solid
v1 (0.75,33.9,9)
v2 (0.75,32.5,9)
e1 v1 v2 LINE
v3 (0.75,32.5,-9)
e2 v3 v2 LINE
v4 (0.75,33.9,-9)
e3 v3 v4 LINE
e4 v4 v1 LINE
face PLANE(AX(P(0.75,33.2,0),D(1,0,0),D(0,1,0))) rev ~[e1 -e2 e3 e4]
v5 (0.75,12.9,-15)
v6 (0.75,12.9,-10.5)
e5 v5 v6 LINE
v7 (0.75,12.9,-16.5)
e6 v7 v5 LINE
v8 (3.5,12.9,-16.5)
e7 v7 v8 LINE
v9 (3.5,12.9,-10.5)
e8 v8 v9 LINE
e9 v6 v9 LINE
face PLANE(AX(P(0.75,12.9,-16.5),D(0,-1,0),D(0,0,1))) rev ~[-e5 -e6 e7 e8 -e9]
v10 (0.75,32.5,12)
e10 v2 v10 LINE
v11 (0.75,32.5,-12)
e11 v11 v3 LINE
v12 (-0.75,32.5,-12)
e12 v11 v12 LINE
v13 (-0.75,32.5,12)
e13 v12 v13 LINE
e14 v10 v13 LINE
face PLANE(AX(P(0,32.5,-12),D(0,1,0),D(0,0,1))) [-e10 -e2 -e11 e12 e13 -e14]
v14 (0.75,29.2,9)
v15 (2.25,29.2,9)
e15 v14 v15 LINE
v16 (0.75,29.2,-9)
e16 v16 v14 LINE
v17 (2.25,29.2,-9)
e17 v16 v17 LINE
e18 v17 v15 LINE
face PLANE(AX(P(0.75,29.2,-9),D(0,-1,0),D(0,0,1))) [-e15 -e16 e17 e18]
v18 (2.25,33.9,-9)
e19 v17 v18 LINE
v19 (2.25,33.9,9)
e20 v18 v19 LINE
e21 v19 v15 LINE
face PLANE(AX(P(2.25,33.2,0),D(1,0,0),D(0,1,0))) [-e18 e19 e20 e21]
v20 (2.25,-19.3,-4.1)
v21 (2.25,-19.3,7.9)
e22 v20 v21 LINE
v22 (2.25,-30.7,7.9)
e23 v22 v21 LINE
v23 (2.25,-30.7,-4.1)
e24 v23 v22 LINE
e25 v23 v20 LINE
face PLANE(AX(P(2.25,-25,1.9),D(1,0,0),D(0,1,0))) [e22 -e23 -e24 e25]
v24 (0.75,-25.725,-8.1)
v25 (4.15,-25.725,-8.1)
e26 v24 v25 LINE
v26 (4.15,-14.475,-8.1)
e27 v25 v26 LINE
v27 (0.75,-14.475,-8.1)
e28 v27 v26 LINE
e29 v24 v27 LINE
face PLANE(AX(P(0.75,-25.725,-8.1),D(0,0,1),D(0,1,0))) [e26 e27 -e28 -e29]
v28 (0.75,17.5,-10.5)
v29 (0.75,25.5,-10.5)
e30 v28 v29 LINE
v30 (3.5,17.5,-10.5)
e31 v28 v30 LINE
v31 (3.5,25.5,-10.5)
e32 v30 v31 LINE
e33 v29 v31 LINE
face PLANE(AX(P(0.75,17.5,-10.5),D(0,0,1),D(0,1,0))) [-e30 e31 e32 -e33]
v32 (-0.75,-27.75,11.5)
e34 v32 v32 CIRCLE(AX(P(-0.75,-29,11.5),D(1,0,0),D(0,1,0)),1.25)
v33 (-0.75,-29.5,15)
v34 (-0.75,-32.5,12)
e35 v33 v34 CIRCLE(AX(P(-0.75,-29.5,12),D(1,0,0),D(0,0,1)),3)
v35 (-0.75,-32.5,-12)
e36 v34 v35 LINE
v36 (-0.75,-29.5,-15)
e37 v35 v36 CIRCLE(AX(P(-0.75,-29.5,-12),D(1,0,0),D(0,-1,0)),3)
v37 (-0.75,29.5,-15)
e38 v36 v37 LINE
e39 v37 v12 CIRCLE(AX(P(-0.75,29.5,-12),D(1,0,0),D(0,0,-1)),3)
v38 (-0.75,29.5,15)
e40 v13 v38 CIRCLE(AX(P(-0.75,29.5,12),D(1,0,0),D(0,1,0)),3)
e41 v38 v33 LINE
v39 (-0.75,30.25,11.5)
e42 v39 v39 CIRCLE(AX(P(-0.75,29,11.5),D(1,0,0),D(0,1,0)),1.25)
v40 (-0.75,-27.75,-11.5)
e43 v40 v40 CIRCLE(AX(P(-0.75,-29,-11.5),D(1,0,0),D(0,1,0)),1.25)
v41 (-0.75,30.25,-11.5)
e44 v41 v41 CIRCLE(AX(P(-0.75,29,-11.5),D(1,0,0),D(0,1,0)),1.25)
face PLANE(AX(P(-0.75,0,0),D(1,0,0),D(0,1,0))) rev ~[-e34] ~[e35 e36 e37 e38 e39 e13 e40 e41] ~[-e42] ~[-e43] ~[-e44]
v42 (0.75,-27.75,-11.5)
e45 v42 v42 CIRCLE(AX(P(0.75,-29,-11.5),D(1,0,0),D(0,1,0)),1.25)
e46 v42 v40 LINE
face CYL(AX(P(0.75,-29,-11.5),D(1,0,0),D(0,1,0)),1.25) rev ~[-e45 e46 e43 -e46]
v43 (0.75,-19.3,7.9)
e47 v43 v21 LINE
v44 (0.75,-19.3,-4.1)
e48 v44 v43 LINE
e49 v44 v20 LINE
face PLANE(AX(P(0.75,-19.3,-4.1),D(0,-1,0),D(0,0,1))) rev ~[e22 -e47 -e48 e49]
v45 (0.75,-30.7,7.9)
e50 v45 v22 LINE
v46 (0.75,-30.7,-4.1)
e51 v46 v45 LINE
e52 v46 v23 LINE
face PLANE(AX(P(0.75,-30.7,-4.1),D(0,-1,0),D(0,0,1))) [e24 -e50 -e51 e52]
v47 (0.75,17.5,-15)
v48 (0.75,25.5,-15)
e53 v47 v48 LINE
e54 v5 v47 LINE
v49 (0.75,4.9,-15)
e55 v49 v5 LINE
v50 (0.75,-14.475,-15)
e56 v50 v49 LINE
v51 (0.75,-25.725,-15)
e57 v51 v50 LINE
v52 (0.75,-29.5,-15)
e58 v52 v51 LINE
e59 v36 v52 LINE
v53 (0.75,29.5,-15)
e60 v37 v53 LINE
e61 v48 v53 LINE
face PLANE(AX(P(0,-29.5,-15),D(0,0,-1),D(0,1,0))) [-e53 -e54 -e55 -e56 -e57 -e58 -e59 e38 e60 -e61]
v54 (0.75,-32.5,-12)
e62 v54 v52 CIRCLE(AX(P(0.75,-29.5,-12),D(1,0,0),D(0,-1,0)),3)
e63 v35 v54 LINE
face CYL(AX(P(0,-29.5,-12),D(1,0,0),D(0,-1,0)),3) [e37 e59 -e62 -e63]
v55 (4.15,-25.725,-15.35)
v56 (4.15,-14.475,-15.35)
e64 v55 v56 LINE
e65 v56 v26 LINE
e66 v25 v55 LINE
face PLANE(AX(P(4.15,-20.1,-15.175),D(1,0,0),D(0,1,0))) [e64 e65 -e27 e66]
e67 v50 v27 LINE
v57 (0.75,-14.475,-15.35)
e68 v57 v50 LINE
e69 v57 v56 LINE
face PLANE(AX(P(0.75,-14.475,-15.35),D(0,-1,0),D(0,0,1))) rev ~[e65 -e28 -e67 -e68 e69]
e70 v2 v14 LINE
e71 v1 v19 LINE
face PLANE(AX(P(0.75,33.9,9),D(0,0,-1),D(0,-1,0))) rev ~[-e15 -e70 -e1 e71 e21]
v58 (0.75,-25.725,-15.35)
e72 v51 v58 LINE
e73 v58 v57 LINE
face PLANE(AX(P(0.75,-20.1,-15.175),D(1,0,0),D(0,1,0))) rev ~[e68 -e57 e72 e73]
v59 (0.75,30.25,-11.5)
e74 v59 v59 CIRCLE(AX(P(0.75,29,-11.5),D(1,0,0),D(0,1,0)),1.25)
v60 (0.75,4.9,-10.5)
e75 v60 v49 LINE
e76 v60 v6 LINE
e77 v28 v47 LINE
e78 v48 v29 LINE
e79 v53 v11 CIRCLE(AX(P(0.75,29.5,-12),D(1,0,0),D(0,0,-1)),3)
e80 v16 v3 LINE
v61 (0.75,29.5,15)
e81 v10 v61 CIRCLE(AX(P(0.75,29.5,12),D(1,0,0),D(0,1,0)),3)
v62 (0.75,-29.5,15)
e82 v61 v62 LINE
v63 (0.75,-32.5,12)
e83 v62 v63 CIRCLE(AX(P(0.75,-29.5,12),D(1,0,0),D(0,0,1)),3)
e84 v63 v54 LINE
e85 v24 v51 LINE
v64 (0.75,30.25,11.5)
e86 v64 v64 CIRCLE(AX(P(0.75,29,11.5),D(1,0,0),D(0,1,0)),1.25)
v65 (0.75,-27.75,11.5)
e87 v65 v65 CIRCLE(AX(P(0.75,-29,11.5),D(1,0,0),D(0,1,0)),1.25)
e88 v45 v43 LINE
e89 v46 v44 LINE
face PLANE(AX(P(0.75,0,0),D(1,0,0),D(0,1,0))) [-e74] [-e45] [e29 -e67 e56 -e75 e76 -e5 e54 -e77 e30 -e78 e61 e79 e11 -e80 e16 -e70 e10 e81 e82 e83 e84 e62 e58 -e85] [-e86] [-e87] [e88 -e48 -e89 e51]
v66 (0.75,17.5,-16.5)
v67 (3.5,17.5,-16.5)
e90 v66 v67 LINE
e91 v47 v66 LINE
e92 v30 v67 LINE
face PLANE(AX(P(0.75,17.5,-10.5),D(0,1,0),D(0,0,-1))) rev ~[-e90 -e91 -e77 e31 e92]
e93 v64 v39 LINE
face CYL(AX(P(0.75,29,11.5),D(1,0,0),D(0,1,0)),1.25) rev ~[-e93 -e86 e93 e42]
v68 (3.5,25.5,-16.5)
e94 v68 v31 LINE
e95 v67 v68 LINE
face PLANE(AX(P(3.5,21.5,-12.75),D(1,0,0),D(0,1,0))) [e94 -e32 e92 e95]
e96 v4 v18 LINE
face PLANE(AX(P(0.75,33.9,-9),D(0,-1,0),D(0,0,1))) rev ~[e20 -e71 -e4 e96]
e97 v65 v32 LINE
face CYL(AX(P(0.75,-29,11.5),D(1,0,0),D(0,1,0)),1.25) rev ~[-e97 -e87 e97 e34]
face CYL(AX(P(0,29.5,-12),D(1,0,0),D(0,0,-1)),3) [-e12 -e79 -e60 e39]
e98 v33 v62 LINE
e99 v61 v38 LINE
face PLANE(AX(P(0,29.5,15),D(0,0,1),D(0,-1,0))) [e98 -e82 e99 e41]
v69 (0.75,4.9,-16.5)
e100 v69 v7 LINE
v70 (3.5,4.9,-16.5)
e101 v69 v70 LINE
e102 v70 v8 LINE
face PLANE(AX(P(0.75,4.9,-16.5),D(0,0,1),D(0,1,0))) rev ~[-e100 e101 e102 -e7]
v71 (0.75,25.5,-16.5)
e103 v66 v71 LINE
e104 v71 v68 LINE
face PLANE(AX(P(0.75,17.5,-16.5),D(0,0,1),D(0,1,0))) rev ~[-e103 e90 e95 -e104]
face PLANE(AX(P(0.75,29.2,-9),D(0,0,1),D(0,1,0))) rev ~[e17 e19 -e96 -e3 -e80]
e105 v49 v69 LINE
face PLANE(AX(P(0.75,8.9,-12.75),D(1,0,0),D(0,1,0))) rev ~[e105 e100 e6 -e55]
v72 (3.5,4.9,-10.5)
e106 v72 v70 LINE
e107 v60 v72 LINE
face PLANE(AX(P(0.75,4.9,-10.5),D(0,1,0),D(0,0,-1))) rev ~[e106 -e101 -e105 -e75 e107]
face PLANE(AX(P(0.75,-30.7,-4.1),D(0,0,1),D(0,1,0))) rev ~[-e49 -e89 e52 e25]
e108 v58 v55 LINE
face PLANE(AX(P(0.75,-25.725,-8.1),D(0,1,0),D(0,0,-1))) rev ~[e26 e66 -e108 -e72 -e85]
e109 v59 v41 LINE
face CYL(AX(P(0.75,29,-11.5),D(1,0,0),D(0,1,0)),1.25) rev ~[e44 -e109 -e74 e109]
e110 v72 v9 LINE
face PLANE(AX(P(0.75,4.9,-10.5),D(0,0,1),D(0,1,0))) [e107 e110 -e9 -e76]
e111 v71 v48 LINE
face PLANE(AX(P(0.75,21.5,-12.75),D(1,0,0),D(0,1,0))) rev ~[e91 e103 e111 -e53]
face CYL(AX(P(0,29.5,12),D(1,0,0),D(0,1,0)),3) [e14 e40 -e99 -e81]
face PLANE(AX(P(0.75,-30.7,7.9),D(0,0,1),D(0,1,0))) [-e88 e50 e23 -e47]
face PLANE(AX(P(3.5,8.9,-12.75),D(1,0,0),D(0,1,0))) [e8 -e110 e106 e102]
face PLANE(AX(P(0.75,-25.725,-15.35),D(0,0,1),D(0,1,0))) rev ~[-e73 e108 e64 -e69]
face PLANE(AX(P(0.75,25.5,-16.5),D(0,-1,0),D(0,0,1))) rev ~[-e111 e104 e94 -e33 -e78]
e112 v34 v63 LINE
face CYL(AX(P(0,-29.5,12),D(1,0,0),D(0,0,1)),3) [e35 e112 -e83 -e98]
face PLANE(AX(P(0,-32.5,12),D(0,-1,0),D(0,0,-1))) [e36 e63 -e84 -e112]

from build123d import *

# Parameters (mm, degrees)
F1_DEPTH = 0.75
F2_R     = 1.25
F3_DEPTH = 1.5
F4_W     = 11.25
F4_H     = 0.35
F4_H_2   = 6.9
F5_DEPTH = 3.4
F4_W_2   = 8
F4_H_3   = 4.5
F4_H_4   = 1.5
F6_DEPTH = 2.75
F4_W_3   = 1.4
F4_H_5   = 18
F4_W_4   = 3.3
F7_DEPTH = 1.5
F4_W_5   = 11.4
F4_H_6   = 12
F8_DEPTH = 1.5


with BuildPart() as f1:
    # F0 (on Right) → F1 (new body, symmetric)
    with BuildSketch(Plane.YZ):
        with BuildLine():
            Line((29.5, 15), (-29.5, 15))
            ThreePointArc((-29.5, 15), (-31.6213203436, 14.1213203436), (-32.5, 12))
            Line((-32.5, 12), (-32.5, -12))
            ThreePointArc((-32.5, -12), (-31.6213203436, -14.1213203436), (-29.5, -15))
            Line((-29.5, -15), (29.5, -15))
            ThreePointArc((29.5, -15), (31.6213203436, -14.1213203436), (32.5, -12))
            Line((32.5, -12), (32.5, 12))
            ThreePointArc((32.5, 12), (31.6213203436, 14.1213203436), (29.5, 15))
        make_face()
    extrude(amount=F1_DEPTH, both=True)

    # F2 (on face) → F3 (cut, through all)
    with BuildSketch(Plane.YZ.offset(0.75)):
        with Locations((-29, 11.5)):
            Circle(F2_R)
        with Locations((29, 11.5)):
            Circle(F2_R)
        with Locations((29, -11.5)):
            Circle(F2_R)
        with Locations((-29, -11.5)):
            Circle(F2_R)
    extrude(amount=-F3_DEPTH, mode=Mode.SUBTRACT)

    # F4 (on face) → F5 (join)
    with BuildSketch(Plane.YZ.offset(0.75)):
        with Locations((-20.1, -15.175)):
            Rectangle(F4_W, F4_H)
        with Locations((-20.1, -11.55)):
            Rectangle(F4_W, F4_H_2)
    extrude(amount=F5_DEPTH)

    # F4 (on face) → F6 (join)
    with BuildSketch(Plane.YZ.offset(0.75)):
        with Locations((8.9, -12.75)):
            Rectangle(F4_W_2, F4_H_3)
        with Locations((8.9, -15.75)):
            Rectangle(F4_W_2, F4_H_4)
        with Locations((21.5, -12.75)):
            Rectangle(F4_W_2, F4_H_3)
        with Locations((21.5, -15.75)):
            Rectangle(F4_W_2, F4_H_4)
    extrude(amount=F6_DEPTH)

    # F4 (on face) → F7 (join)
    with BuildSketch(Plane.YZ.offset(0.75)):
        with Locations((33.2, 0)):
            Rectangle(F4_W_3, F4_H_5)
        with Locations((30.85, 0)):
            Rectangle(F4_W_4, F4_H_5)
    extrude(amount=F7_DEPTH)

    # F4 (on face) → F8 (join)
    with BuildSketch(Plane.YZ.offset(0.75)):
        with Locations((-25, 1.9)):
            Rectangle(F4_W_5, F4_H_6)
    extrude(amount=F8_DEPTH)


solid = f1.part
